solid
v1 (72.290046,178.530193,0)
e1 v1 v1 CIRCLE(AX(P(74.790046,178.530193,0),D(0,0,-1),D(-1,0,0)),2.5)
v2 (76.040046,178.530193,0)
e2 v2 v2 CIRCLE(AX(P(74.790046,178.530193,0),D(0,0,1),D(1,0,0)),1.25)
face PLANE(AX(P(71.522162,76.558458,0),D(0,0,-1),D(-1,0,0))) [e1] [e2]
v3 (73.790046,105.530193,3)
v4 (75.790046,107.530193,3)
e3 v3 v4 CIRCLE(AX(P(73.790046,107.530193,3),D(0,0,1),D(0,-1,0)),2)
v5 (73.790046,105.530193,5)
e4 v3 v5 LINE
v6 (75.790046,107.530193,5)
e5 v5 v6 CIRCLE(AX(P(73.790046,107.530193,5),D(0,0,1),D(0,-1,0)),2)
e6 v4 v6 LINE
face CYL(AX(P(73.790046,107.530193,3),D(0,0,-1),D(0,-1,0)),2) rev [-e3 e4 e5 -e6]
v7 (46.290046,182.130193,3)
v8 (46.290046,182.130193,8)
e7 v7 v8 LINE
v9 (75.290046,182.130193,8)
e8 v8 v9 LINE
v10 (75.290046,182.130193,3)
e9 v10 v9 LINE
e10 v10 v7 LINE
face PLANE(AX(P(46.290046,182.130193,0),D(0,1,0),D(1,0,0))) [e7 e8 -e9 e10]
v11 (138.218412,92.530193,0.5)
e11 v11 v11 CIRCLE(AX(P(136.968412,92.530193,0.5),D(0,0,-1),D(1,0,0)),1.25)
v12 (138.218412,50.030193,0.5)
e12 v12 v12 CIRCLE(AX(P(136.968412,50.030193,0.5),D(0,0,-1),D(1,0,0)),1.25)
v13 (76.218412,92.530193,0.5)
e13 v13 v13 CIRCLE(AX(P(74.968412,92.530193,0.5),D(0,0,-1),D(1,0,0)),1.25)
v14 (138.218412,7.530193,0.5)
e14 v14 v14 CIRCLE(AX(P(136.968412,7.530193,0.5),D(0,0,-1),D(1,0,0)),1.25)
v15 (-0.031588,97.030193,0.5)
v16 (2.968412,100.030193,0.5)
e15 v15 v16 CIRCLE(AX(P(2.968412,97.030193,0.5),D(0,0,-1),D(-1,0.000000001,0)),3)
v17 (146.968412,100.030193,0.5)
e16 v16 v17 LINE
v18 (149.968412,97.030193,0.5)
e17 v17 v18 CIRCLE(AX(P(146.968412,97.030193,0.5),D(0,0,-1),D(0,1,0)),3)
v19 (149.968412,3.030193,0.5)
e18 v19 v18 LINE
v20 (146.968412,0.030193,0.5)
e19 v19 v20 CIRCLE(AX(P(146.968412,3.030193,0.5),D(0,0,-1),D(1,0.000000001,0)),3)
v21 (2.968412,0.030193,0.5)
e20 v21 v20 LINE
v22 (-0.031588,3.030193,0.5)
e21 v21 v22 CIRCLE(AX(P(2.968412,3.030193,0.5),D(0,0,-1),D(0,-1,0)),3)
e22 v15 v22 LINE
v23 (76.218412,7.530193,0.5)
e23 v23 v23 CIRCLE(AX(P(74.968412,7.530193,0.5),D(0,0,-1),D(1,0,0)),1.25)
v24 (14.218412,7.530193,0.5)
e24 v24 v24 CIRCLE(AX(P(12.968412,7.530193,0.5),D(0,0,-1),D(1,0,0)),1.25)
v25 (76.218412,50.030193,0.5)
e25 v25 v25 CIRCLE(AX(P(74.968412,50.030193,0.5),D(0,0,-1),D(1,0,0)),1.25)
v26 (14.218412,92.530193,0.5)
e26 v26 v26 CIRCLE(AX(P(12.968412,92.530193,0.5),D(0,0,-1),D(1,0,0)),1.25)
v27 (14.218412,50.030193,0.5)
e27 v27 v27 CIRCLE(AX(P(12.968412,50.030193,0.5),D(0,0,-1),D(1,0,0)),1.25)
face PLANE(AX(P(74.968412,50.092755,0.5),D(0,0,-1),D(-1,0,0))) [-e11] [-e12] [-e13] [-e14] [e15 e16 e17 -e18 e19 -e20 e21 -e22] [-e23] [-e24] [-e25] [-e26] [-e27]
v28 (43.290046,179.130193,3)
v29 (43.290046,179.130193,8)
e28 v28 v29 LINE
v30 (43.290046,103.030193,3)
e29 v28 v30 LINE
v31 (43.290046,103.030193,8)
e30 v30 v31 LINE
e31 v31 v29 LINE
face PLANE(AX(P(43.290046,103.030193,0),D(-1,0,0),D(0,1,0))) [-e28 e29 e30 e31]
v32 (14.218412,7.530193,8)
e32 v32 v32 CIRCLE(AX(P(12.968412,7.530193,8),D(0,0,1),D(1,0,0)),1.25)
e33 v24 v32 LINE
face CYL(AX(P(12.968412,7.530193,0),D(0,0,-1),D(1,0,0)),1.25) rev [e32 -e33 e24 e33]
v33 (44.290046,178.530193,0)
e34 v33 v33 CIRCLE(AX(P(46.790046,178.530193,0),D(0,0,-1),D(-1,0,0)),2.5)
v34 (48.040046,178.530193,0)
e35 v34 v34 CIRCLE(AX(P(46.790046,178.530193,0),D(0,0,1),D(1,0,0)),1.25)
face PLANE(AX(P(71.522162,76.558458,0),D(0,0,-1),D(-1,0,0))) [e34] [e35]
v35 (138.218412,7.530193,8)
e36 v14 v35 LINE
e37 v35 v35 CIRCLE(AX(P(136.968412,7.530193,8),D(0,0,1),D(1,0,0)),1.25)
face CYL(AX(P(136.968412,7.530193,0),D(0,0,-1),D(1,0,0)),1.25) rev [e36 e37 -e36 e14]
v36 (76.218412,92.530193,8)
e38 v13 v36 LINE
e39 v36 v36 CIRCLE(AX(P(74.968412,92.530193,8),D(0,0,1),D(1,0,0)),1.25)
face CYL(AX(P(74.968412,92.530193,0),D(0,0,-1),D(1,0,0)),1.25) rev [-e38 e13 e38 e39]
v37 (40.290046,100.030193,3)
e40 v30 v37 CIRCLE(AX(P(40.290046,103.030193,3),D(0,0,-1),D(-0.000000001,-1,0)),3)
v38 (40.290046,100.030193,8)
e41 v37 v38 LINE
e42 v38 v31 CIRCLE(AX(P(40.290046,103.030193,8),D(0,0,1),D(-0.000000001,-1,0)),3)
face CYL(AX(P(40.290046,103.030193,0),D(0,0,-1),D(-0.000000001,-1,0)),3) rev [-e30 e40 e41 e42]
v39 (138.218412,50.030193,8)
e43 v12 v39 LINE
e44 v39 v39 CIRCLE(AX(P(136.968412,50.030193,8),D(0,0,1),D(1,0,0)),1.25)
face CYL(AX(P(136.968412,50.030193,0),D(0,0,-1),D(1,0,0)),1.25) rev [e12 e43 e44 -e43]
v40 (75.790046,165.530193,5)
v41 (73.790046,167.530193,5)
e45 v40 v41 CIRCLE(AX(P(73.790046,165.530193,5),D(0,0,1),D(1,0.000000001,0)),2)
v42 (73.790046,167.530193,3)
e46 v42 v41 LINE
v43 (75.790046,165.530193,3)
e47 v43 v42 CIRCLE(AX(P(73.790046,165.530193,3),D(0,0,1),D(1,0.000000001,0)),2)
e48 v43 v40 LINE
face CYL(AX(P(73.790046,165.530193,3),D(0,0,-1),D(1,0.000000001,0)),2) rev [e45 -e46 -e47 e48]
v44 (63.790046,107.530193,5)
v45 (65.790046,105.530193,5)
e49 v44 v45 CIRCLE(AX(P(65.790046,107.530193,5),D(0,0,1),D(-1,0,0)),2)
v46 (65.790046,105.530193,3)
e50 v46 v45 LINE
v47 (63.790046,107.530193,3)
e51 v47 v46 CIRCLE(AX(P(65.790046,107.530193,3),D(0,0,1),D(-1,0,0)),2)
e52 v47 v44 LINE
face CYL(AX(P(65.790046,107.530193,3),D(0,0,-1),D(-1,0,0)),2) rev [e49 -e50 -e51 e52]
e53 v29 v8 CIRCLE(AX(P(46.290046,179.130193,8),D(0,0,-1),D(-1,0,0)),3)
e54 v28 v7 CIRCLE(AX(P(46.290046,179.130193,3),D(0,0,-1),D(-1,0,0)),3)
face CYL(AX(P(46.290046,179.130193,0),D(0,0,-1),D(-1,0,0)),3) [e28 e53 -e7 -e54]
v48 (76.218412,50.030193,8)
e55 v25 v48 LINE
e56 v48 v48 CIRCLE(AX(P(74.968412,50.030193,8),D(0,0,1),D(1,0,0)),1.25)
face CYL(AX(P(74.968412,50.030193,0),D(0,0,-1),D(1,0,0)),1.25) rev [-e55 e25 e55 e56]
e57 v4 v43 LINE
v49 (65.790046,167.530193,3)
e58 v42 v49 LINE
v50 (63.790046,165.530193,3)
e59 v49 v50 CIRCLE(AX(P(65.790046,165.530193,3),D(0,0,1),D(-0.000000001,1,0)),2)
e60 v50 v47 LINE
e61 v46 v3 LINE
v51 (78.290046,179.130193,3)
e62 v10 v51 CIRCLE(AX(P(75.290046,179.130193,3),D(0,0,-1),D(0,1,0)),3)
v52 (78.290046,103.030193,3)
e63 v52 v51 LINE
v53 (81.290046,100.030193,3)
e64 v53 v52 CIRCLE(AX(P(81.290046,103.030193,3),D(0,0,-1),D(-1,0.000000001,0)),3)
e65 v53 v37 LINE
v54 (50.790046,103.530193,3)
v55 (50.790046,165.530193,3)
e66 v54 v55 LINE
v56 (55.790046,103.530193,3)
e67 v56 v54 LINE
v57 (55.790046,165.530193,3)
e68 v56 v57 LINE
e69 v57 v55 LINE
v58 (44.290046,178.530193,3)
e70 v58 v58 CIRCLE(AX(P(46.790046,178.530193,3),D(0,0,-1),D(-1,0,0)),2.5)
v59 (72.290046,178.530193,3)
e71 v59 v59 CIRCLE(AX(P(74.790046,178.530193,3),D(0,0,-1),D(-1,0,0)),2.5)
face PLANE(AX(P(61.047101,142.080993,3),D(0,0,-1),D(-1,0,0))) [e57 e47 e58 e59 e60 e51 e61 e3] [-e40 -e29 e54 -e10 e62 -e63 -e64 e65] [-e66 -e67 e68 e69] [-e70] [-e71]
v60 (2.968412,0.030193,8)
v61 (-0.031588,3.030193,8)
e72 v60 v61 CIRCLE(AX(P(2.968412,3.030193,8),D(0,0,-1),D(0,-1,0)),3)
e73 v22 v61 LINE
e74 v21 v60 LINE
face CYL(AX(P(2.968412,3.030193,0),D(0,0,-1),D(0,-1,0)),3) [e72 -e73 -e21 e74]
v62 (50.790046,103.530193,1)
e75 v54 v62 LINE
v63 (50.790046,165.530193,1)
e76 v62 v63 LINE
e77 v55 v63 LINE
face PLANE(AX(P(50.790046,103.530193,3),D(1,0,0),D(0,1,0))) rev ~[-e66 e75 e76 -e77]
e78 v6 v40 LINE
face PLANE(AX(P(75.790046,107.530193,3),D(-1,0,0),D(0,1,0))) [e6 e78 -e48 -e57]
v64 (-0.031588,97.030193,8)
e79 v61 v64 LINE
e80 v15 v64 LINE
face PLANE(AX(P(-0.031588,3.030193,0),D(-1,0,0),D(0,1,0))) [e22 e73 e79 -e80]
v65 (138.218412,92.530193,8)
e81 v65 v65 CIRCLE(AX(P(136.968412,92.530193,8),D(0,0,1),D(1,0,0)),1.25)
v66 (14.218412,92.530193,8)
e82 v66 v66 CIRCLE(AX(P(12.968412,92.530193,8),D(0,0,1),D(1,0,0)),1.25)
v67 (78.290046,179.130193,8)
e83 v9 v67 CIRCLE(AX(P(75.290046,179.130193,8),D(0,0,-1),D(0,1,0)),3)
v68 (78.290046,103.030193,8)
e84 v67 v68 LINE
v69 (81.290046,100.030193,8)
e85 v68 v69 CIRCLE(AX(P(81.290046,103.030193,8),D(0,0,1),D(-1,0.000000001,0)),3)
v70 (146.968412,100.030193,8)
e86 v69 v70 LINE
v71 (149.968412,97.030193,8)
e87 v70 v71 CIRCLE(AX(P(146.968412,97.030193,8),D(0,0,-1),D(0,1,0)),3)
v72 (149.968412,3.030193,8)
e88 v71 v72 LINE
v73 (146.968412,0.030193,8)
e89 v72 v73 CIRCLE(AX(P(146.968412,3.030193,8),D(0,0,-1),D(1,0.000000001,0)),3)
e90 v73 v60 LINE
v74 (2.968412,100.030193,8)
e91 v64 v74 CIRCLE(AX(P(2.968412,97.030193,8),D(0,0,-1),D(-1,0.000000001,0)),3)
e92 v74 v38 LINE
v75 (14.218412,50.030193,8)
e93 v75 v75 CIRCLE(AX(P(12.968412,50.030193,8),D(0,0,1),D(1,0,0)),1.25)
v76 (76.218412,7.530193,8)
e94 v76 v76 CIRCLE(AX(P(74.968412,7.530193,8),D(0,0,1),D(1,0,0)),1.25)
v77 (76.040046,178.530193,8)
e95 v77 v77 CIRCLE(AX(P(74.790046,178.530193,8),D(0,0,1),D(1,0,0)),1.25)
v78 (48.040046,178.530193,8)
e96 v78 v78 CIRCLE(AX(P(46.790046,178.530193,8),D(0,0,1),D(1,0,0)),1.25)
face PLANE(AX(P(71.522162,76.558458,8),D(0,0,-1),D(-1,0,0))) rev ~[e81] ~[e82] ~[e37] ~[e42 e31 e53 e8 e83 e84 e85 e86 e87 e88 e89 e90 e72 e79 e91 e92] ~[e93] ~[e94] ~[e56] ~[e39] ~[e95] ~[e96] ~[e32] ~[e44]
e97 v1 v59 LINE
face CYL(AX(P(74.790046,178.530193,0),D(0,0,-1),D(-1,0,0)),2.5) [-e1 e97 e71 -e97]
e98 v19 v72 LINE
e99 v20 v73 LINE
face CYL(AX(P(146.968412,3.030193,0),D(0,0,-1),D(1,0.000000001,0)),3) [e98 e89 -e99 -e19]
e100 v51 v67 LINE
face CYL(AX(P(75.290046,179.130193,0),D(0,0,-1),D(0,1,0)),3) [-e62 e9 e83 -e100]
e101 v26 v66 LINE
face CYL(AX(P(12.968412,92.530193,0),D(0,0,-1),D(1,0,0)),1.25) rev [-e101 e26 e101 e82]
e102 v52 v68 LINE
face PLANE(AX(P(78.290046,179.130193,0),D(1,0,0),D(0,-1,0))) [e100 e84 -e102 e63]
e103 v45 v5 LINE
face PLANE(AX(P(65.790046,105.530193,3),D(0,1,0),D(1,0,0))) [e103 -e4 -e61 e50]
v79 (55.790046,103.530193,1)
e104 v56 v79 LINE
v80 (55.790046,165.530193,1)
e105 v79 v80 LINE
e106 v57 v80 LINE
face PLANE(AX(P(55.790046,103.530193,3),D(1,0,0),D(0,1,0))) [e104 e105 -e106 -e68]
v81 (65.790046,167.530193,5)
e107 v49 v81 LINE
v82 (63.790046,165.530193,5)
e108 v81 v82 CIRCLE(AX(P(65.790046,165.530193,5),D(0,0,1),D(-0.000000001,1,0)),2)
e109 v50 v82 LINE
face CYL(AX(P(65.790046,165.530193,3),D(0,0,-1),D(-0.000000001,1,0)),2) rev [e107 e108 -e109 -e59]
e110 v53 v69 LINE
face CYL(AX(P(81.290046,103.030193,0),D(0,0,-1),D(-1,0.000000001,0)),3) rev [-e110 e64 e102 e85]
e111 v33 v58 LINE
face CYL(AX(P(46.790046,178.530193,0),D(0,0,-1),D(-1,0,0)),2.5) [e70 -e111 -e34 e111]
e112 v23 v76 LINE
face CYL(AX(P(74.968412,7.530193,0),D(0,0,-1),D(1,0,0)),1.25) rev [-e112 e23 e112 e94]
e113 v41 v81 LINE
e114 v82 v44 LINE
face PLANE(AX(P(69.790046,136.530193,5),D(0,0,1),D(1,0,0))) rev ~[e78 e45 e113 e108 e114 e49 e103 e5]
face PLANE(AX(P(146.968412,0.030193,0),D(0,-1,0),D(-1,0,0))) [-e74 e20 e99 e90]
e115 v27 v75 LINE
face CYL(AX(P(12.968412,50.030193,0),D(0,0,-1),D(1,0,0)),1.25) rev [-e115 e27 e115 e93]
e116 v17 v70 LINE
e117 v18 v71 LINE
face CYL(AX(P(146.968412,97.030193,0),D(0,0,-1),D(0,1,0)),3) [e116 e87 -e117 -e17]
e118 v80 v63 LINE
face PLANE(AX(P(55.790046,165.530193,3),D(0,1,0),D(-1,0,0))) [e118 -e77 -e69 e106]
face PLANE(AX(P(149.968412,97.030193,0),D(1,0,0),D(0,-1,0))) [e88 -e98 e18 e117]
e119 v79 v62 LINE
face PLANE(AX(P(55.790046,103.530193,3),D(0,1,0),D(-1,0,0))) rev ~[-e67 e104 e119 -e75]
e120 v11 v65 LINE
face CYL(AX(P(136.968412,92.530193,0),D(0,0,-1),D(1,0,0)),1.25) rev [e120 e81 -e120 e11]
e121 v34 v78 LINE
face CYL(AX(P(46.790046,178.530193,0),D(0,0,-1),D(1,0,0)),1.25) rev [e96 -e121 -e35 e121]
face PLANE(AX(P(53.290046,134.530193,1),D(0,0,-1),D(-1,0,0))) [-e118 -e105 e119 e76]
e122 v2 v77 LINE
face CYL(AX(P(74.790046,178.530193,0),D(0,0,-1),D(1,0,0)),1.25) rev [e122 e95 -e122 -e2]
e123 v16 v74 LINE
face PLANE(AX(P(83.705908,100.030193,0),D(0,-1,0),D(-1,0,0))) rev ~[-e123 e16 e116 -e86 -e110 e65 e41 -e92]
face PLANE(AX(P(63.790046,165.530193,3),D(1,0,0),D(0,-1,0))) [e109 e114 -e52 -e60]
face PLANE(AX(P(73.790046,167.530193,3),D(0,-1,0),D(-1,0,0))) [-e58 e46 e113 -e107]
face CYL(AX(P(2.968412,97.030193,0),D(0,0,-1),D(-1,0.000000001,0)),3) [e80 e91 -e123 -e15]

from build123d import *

# Parameters (mm, degrees)
ESQUISSE1_R             = 1.25
BOSS_EXTRU_1_DEPTH      = 8
ESQUISSE5_W             = 45.3176151
ESQUISSE5_H             = 84.101601091
ESQUISSE5_R             = 2.5
ENL_V_MAT_EXTRU_2_DEPTH = 3
ESQUISSE6_W             = 5
ESQUISSE6_H             = 62
BOSS_DC_DC_DEPTH        = 2
ENL_V_INDUCTORS_DEPTH   = 2
ESQUISSE8_W             = 154.760825025
ESQUISSE8_H             = 103.254487946
ENL_V_MAT_EXTRU_3_DEPTH = 0.5


with BuildPart() as part:
    # Esquisse1 → Boss.-Extru.1 (new body)
    with BuildSketch(Plane.XY):
        with BuildLine():
            Line((43.290045774, 103.030192742), (43.290045774, 179.130192742))
            ThreePointArc((43.290045774, 179.130192742), (44.16872543, 181.251513085), (46.290045774, 182.130192742))
            Line((46.290045774, 182.130192742), (75.290045774, 182.130192742))
            ThreePointArc((75.290045774, 182.130192742), (77.411366118, 181.251513085), (78.290045774, 179.130192742))
            Line((78.290045774, 179.130192742), (78.290045774, 103.030192742))
            ThreePointArc((78.290045774, 103.030192742), (79.16872543, 100.908872398), (81.290045774, 100.030192742))
            Line((81.290045774, 100.030192742), (146.96841177, 100.030192742))
            ThreePointArc((146.96841177, 100.030192742), (149.089732114, 99.151513085), (149.96841177, 97.030192742))
            Line((149.96841177, 97.030192742), (149.96841177, 3.030192742))
            ThreePointArc((149.96841177, 3.030192742), (149.089732114, 0.908872398), (146.96841177, 0.030192742))
            Line((146.96841177, 0.030192742), (2.96841177, 0.030192742))
            ThreePointArc((2.96841177, 0.030192742), (0.847091427, 0.908872398), (-0.03158823, 3.030192742))
            Line((-0.03158823, 3.030192742), (-0.03158823, 97.030192742))
            ThreePointArc((-0.03158823, 97.030192742), (0.847091427, 99.151513085), (2.96841177, 100.030192742))
            Line((2.96841177, 100.030192742), (40.290045774, 100.030192742))
            ThreePointArc((40.290045774, 100.030192742), (42.411366118, 100.908872398), (43.290045774, 103.030192742))
        make_face()
        with Locations((12.96841177, 92.530192742)):
            Circle(ESQUISSE1_R, mode=Mode.SUBTRACT)
        with Locations((74.96841177, 92.530192742)):
            Circle(ESQUISSE1_R, mode=Mode.SUBTRACT)
        with Locations((136.96841177, 92.530192742)):
            Circle(ESQUISSE1_R, mode=Mode.SUBTRACT)
        with Locations((12.96841177, 50.030192742)):
            Circle(ESQUISSE1_R, mode=Mode.SUBTRACT)
        with Locations((74.96841177, 50.030192742)):
            Circle(ESQUISSE1_R, mode=Mode.SUBTRACT)
        with Locations((136.96841177, 50.030192742)):
            Circle(ESQUISSE1_R, mode=Mode.SUBTRACT)
        with Locations((136.96841177, 7.530192742)):
            Circle(ESQUISSE1_R, mode=Mode.SUBTRACT)
        with Locations((74.96841177, 7.530192742)):
            Circle(ESQUISSE1_R, mode=Mode.SUBTRACT)
        with Locations((12.96841177, 7.530192742)):
            Circle(ESQUISSE1_R, mode=Mode.SUBTRACT)
        with Locations((46.790045774, 178.530192742)):
            Circle(ESQUISSE1_R, mode=Mode.SUBTRACT)
        with Locations((74.790045774, 178.530192742)):
            Circle(ESQUISSE1_R, mode=Mode.SUBTRACT)
    extrude(amount=BOSS_EXTRU_1_DEPTH)

    # Esquisse5 → Enlèv. mat.-Extru.2 (cut)
    with BuildSketch(Plane(origin=(0, 0, 0), x_dir=(-1, 0, 0), z_dir=(0, 0, -1))):
        with Locations((-61.04710063, 142.080993288)):
            Rectangle(ESQUISSE5_W, ESQUISSE5_H)
        with Locations((-74.790045774, 178.530192742)):
            Circle(ESQUISSE5_R, mode=Mode.SUBTRACT)
        with Locations((-46.790045774, 178.530192742)):
            Circle(ESQUISSE5_R, mode=Mode.SUBTRACT)
    extrude(amount=-ENL_V_MAT_EXTRU_2_DEPTH, mode=Mode.SUBTRACT)

    # Esquisse6 → Boss.-DC/DC (add)
    with BuildSketch(Plane(origin=(0, 0, 3), x_dir=(-1, 0, 0), z_dir=(0, 0, -1))):
        with Locations((-53.290045774, 134.530192742)):
            Rectangle(ESQUISSE6_W, ESQUISSE6_H)
    extrude(amount=BOSS_DC_DC_DEPTH)

    # Esquisse7 → Enlèv. Inductors (cut)
    with BuildSketch(Plane(origin=(0, 0, 3), x_dir=(-1, 0, 0), z_dir=(0, 0, -1))):
        with BuildLine():
            Line((-73.790045774, 167.530192742), (-65.790045774, 167.530192742))
            ThreePointArc((-65.790045774, 167.530192742), (-64.375832212, 166.944406304), (-63.790045774, 165.530192742))
            Line((-63.790045774, 165.530192742), (-63.790045774, 107.530192742))
            ThreePointArc((-63.790045774, 107.530192742), (-64.375832212, 106.115979179), (-65.790045774, 105.530192742))
            Line((-65.790045774, 105.530192742), (-73.790045774, 105.530192742))
            ThreePointArc((-73.790045774, 105.530192742), (-75.204259336, 106.115979179), (-75.790045774, 107.530192742))
            Line((-75.790045774, 107.530192742), (-75.790045774, 165.530192742))
            ThreePointArc((-75.790045774, 165.530192742), (-75.204259336, 166.944406304), (-73.790045774, 167.530192742))
        make_face()
    extrude(amount=-ENL_V_INDUCTORS_DEPTH, mode=Mode.SUBTRACT)

    # Esquisse8 → Enlèv. mat.-Extru.3 (cut)
    with BuildSketch(Plane(origin=(0, 0, 0), x_dir=(-1, 0, 0), z_dir=(0, 0, -1))):
        with Locations((-74.96841177, 50.092755489)):
            Rectangle(ESQUISSE8_W, ESQUISSE8_H)
    extrude(amount=-ENL_V_MAT_EXTRU_3_DEPTH, mode=Mode.SUBTRACT)


solid = part.part
